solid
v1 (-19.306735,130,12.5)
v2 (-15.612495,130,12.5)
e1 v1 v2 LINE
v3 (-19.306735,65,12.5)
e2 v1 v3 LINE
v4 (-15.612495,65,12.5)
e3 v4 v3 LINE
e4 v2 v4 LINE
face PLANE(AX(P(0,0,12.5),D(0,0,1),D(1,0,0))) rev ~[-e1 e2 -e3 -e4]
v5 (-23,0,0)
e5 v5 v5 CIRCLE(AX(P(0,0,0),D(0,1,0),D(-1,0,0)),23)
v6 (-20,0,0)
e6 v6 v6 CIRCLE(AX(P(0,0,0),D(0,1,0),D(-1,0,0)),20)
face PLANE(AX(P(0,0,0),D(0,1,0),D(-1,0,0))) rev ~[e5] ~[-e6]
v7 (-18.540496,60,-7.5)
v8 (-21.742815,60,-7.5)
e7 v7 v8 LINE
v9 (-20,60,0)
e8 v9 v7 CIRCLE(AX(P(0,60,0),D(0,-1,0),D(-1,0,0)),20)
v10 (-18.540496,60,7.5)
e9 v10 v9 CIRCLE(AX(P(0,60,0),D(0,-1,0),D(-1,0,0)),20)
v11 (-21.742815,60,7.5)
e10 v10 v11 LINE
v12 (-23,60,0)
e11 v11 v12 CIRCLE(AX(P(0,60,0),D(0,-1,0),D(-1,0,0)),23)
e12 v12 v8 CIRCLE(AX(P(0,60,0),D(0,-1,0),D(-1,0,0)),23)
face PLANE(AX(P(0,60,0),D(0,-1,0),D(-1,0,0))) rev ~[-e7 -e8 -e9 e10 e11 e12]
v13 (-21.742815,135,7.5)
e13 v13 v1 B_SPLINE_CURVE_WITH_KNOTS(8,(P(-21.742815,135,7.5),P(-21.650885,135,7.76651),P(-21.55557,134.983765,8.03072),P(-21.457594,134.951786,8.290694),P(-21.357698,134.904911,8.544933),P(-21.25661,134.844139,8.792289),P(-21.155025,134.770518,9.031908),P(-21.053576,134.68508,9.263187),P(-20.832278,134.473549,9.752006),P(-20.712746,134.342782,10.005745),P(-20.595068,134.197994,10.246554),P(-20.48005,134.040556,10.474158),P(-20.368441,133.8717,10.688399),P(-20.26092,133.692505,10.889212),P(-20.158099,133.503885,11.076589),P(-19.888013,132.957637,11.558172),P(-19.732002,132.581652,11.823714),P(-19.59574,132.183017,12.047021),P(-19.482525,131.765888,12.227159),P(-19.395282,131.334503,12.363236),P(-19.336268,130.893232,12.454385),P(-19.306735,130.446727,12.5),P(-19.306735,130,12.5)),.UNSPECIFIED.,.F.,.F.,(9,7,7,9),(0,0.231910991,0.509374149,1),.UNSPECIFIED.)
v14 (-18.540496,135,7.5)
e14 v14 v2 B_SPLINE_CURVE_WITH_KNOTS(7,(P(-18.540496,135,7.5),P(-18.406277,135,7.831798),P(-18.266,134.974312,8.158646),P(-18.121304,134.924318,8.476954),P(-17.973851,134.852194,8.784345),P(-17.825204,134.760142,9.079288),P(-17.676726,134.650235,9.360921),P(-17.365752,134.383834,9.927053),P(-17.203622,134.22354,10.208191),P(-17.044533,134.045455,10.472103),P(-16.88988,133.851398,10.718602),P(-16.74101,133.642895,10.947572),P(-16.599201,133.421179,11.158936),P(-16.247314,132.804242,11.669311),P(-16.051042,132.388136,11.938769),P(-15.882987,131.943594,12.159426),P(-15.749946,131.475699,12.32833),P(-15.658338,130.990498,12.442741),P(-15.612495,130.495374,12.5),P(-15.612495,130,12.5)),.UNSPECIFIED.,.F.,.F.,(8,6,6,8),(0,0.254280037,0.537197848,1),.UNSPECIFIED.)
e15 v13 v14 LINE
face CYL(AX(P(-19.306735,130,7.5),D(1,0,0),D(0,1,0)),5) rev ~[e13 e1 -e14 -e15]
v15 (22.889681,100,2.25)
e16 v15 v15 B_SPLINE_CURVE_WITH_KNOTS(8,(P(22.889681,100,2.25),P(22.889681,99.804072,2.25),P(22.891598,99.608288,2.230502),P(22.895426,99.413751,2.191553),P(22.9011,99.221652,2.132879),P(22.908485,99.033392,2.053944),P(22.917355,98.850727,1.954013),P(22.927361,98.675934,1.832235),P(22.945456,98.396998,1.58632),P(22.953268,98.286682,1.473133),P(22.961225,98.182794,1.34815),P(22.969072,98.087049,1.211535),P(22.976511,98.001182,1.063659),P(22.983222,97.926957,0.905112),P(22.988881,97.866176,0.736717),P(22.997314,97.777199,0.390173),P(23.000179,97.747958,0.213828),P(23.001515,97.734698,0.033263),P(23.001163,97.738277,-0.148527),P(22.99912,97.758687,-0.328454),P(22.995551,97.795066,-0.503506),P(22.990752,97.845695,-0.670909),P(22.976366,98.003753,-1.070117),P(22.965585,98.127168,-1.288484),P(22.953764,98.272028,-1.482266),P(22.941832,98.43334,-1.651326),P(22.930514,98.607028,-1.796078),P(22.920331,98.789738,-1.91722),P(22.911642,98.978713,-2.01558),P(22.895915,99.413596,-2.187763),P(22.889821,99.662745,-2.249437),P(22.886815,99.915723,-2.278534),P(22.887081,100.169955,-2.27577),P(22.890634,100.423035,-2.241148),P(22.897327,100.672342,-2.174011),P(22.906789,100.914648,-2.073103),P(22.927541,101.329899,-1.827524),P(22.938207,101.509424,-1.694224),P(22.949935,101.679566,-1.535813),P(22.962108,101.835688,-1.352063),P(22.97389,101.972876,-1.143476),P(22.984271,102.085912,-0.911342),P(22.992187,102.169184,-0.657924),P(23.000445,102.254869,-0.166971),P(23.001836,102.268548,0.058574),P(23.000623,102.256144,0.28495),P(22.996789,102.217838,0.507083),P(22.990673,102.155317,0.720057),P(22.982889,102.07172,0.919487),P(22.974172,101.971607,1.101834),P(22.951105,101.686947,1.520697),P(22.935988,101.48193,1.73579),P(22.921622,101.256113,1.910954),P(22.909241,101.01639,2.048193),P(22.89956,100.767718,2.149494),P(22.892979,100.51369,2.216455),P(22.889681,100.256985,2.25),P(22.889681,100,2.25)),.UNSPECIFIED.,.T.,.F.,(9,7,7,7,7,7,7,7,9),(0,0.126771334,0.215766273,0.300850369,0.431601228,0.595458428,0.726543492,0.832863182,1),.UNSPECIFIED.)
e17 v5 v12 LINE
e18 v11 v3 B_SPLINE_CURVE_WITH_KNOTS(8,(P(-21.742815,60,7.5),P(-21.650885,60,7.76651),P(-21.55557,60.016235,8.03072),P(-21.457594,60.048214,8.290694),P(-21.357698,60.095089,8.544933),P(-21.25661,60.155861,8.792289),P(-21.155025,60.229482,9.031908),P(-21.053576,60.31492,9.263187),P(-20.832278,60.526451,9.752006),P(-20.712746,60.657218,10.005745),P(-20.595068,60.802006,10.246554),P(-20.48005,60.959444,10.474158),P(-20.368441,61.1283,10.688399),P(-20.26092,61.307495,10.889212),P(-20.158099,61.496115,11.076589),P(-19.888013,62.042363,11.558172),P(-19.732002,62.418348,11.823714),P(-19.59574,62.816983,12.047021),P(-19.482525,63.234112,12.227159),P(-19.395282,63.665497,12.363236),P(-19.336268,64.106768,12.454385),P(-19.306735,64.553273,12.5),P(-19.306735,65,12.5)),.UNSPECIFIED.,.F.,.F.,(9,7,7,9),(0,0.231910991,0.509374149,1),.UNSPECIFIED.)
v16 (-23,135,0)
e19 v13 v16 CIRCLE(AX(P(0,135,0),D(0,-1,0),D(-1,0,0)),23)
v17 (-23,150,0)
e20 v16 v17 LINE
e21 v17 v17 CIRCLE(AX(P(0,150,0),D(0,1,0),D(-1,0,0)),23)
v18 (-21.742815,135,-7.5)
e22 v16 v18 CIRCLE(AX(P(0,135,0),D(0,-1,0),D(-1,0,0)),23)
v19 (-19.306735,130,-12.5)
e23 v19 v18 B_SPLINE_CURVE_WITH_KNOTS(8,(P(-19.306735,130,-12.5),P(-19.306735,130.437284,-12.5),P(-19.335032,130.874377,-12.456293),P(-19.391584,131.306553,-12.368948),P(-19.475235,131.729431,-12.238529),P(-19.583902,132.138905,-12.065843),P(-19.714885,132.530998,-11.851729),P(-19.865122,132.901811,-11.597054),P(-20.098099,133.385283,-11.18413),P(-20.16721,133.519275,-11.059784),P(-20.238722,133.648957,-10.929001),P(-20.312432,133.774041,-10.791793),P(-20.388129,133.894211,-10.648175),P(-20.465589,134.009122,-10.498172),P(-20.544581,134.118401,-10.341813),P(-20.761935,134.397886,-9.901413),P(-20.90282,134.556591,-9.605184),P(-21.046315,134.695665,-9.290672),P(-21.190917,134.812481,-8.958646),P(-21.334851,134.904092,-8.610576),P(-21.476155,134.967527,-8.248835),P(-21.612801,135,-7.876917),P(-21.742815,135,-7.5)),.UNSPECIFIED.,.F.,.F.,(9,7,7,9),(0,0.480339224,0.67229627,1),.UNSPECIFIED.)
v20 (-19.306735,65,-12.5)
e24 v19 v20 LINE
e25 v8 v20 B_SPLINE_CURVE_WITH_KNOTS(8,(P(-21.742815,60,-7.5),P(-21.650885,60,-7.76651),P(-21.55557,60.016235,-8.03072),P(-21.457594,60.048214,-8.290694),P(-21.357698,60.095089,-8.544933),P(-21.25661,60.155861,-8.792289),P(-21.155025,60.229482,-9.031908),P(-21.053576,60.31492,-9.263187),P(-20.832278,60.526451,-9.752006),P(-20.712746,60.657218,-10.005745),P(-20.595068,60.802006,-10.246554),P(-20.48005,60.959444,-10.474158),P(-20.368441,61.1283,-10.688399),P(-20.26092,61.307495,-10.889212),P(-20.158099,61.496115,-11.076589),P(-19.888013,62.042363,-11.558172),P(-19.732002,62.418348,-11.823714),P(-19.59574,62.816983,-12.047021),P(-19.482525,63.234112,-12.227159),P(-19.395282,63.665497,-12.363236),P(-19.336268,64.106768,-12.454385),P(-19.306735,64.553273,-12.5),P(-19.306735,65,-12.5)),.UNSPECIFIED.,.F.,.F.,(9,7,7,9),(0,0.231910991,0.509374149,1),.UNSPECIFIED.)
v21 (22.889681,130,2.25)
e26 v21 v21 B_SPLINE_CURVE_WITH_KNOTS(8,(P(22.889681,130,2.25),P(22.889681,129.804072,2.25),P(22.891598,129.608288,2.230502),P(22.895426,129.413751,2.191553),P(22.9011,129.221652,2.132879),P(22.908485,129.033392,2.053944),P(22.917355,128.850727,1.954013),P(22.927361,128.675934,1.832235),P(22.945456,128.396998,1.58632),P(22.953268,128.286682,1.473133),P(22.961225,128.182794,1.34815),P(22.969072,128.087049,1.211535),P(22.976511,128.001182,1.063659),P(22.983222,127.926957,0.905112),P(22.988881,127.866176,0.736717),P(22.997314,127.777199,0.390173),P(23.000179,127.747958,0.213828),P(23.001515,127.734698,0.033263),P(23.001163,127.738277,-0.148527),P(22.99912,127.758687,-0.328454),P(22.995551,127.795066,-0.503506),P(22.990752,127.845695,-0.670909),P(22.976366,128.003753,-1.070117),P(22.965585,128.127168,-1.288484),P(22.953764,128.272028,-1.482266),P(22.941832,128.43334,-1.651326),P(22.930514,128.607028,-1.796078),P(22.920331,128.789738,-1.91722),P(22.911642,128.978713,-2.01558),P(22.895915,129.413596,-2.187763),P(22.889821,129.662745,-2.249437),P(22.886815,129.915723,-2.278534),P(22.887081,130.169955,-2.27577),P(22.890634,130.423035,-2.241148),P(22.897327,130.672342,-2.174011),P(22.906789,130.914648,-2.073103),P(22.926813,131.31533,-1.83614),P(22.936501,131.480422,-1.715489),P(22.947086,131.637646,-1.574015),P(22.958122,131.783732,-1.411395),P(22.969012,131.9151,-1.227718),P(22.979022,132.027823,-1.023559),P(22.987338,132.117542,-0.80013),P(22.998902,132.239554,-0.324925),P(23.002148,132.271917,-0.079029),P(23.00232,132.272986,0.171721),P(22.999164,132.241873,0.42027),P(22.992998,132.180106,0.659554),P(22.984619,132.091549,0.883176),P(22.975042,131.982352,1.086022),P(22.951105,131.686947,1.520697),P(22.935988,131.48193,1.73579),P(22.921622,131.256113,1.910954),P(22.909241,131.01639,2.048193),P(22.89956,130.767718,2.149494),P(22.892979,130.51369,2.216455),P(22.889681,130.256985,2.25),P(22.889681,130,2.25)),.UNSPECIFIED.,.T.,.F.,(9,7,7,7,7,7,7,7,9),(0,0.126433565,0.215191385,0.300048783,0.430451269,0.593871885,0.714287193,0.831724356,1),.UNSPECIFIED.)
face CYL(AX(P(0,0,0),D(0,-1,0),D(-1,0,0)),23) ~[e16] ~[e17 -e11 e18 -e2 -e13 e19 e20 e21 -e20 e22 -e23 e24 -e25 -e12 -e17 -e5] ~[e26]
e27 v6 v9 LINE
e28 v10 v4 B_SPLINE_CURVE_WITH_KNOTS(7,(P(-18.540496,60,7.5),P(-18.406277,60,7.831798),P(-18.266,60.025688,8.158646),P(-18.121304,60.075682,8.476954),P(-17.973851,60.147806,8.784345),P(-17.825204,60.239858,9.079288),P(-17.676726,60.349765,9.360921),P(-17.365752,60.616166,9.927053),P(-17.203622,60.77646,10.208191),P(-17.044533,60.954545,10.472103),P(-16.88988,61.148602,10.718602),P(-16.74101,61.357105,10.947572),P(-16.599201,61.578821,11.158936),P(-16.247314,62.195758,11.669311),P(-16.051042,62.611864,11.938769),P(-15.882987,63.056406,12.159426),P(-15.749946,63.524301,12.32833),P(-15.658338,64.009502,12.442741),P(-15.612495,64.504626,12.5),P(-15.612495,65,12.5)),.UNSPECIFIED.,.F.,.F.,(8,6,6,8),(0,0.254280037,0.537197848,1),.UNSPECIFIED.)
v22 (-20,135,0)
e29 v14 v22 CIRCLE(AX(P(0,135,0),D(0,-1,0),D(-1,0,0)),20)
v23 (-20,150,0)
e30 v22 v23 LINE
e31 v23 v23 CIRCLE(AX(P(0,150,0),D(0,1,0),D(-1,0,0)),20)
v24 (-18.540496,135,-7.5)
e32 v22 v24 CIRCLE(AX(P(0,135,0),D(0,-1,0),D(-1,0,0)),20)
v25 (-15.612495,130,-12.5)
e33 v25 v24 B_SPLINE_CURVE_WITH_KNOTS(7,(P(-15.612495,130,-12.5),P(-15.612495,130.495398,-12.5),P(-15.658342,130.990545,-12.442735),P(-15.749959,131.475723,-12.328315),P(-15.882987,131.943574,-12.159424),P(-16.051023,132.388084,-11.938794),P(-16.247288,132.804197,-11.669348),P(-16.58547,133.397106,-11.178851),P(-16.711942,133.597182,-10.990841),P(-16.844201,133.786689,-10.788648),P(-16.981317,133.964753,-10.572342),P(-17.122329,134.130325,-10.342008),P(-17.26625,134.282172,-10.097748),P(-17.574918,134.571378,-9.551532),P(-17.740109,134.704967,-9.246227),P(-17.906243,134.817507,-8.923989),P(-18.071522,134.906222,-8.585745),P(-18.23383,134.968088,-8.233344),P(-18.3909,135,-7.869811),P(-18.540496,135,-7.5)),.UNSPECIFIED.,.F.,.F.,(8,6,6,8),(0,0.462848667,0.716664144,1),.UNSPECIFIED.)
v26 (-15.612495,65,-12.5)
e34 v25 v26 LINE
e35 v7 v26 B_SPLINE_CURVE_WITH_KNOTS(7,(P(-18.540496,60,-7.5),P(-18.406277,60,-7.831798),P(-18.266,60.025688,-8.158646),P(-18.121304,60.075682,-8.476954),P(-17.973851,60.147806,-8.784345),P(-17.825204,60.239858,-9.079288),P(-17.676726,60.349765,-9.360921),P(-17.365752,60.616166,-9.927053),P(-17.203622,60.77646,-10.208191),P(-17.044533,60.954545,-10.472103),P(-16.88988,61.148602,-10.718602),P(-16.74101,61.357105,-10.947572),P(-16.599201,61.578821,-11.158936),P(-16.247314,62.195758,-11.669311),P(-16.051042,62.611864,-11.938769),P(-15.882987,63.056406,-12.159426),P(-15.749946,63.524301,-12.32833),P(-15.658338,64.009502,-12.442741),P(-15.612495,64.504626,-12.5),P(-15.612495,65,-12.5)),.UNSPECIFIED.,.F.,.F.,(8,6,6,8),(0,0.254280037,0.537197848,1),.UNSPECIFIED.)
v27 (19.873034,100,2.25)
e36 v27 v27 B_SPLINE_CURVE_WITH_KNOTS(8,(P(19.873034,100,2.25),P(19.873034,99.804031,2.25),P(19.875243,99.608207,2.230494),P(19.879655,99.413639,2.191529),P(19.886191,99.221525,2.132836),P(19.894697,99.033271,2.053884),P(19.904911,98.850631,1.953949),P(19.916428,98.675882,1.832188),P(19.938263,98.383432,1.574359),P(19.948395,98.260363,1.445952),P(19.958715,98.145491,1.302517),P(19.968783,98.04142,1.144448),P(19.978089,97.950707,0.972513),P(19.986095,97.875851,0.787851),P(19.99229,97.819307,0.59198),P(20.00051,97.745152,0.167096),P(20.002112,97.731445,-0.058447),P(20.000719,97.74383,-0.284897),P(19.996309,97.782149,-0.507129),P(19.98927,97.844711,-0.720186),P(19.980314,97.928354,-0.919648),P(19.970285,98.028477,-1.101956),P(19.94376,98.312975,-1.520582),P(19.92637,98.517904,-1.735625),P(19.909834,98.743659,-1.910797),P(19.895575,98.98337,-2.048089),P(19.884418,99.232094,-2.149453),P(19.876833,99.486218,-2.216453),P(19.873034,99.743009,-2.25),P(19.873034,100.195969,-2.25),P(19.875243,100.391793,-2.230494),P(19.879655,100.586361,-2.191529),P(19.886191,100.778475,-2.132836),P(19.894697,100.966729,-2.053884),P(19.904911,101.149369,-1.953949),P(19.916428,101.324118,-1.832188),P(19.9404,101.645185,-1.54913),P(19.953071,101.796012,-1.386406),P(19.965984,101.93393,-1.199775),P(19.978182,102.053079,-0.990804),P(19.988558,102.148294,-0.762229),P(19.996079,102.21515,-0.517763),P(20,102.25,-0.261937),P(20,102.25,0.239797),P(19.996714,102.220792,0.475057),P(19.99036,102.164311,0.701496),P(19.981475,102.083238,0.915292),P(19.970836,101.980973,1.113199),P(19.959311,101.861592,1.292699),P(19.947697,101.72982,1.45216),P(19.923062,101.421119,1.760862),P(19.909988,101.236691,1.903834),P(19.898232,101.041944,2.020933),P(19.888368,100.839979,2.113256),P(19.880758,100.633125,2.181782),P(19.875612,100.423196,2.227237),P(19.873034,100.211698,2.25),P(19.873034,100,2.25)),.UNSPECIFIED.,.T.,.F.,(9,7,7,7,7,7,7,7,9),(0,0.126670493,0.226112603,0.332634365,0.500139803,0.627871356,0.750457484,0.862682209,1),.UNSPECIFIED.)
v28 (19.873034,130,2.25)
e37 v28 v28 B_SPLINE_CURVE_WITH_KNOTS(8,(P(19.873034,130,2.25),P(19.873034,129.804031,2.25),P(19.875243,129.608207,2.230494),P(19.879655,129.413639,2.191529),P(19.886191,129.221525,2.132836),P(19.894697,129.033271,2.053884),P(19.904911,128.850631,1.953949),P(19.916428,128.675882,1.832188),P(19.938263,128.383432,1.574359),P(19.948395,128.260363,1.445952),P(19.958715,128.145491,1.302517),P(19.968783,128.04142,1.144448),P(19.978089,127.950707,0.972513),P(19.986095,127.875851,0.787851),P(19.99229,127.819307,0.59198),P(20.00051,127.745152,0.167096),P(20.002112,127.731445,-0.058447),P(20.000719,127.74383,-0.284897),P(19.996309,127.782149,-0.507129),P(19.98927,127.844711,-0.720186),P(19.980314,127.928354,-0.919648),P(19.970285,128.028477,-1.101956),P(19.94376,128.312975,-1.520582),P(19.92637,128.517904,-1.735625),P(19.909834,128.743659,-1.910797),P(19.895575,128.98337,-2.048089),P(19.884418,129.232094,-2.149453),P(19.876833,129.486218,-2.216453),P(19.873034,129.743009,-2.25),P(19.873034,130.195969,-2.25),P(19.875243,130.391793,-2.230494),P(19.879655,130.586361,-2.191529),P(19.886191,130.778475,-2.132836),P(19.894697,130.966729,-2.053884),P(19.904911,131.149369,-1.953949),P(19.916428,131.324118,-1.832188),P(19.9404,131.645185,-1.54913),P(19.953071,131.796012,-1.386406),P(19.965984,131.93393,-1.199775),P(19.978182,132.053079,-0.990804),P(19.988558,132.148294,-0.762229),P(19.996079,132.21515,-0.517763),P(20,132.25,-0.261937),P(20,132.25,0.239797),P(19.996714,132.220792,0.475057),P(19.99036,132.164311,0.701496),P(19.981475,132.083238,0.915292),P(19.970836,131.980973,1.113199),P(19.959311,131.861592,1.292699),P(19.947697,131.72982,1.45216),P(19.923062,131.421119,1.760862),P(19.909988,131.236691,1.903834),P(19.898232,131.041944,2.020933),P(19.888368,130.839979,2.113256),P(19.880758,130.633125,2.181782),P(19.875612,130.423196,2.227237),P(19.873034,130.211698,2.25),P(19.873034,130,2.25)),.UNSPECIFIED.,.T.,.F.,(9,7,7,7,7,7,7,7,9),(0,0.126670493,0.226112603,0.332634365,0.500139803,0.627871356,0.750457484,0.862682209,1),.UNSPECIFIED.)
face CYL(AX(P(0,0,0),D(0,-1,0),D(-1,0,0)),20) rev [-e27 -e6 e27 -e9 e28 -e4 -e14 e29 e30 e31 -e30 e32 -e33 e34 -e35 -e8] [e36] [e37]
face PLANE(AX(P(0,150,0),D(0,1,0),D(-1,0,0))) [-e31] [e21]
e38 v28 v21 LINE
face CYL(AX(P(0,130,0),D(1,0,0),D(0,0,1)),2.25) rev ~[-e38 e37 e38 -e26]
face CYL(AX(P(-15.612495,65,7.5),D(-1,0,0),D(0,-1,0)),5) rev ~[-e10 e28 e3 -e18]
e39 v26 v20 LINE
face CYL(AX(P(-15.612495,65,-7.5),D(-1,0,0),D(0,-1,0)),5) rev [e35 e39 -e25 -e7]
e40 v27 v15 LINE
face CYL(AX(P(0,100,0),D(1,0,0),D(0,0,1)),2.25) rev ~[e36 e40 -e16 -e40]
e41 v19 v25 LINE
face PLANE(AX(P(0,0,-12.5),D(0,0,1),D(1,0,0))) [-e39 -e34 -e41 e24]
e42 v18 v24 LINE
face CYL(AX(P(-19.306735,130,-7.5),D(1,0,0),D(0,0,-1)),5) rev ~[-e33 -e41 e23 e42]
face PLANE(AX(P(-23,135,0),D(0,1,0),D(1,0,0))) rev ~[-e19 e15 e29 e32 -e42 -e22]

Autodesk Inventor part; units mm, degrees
ref_plane "YZ Plane" through (0, 0, 0) normal (1, 0, 0) x (0, 1, 0)
ref_plane "XZ Plane" through (0, 0, 0) normal (0, 1, 0) x (-1, 0, 0)
ref_plane "XY Plane" through (0, 0, 0) normal (0, 0, 1) x (1, 0, 0)
sketch "Sketch1" plane through (0, 0, 0) normal (0, 1, 0) x (-1, 0, 0)
  circle A0 centre (0, 0) radius 23
  circle A1 centre (0, 0) radius 20
  dimension "d0" = 3
  dimension "d1" = 40
extrude "Extrusion1" add sketch "Sketch1" along normal blind 150
sketch "Sketch2" plane through (0, 0, 0) normal (0, 0, 1) x (1, 0, 0)
  line L0 (-23, 135) -> (0, 135)
  line L1 (0, 135) -> (0, 60)
  line L2 (0, 60) -> (-23, 60)
  line L3 (-23, 60) -> (-23, 135)
  line L4 (23, 150) -> (-23, 150) projected
  line L5 (-23, 0) -> (23, 0) projected
  point P0 (0, 0)
  dimension "d4" = 75
  dimension "d19" = 15
extrude "Extrusion2" cut sketch "Sketch2" along normal mid plane 25
fillet "Fillet1" radius 5 4 edges at (-17.4596, 135, -12.5) (-17.4596, 135, 12.5) (-17.4596, 60, 12.5) (-17.4596, 60, -12.5)
sketch "Sketch3" plane through (0, 0, 0) normal (1, 0, 0) x (0, 1, 0)
  line L0 (-20, 0) -> (120, 0) projected
  line L1 (135, -7.5) -> (135, 7.5) projected
  line L2 (150, 20) -> (150, -20) projected
  point P0 (0, 0)
  point P1 (130, 0)
  point P2 (100, 0)
  dimension "d9" = 30
  dimension "d18" = 20
hole "Hole1" at (0, 130, 0) at (0, 100, 0) direction (1, 0, 0) diameter 4.5 end through all clearance for "Socket Head Cap Screw" size "M4" standard "Ansi Metric M Profile"
properties part number "Pancake_PVC Pipe Long" material "PVC-Piping"
